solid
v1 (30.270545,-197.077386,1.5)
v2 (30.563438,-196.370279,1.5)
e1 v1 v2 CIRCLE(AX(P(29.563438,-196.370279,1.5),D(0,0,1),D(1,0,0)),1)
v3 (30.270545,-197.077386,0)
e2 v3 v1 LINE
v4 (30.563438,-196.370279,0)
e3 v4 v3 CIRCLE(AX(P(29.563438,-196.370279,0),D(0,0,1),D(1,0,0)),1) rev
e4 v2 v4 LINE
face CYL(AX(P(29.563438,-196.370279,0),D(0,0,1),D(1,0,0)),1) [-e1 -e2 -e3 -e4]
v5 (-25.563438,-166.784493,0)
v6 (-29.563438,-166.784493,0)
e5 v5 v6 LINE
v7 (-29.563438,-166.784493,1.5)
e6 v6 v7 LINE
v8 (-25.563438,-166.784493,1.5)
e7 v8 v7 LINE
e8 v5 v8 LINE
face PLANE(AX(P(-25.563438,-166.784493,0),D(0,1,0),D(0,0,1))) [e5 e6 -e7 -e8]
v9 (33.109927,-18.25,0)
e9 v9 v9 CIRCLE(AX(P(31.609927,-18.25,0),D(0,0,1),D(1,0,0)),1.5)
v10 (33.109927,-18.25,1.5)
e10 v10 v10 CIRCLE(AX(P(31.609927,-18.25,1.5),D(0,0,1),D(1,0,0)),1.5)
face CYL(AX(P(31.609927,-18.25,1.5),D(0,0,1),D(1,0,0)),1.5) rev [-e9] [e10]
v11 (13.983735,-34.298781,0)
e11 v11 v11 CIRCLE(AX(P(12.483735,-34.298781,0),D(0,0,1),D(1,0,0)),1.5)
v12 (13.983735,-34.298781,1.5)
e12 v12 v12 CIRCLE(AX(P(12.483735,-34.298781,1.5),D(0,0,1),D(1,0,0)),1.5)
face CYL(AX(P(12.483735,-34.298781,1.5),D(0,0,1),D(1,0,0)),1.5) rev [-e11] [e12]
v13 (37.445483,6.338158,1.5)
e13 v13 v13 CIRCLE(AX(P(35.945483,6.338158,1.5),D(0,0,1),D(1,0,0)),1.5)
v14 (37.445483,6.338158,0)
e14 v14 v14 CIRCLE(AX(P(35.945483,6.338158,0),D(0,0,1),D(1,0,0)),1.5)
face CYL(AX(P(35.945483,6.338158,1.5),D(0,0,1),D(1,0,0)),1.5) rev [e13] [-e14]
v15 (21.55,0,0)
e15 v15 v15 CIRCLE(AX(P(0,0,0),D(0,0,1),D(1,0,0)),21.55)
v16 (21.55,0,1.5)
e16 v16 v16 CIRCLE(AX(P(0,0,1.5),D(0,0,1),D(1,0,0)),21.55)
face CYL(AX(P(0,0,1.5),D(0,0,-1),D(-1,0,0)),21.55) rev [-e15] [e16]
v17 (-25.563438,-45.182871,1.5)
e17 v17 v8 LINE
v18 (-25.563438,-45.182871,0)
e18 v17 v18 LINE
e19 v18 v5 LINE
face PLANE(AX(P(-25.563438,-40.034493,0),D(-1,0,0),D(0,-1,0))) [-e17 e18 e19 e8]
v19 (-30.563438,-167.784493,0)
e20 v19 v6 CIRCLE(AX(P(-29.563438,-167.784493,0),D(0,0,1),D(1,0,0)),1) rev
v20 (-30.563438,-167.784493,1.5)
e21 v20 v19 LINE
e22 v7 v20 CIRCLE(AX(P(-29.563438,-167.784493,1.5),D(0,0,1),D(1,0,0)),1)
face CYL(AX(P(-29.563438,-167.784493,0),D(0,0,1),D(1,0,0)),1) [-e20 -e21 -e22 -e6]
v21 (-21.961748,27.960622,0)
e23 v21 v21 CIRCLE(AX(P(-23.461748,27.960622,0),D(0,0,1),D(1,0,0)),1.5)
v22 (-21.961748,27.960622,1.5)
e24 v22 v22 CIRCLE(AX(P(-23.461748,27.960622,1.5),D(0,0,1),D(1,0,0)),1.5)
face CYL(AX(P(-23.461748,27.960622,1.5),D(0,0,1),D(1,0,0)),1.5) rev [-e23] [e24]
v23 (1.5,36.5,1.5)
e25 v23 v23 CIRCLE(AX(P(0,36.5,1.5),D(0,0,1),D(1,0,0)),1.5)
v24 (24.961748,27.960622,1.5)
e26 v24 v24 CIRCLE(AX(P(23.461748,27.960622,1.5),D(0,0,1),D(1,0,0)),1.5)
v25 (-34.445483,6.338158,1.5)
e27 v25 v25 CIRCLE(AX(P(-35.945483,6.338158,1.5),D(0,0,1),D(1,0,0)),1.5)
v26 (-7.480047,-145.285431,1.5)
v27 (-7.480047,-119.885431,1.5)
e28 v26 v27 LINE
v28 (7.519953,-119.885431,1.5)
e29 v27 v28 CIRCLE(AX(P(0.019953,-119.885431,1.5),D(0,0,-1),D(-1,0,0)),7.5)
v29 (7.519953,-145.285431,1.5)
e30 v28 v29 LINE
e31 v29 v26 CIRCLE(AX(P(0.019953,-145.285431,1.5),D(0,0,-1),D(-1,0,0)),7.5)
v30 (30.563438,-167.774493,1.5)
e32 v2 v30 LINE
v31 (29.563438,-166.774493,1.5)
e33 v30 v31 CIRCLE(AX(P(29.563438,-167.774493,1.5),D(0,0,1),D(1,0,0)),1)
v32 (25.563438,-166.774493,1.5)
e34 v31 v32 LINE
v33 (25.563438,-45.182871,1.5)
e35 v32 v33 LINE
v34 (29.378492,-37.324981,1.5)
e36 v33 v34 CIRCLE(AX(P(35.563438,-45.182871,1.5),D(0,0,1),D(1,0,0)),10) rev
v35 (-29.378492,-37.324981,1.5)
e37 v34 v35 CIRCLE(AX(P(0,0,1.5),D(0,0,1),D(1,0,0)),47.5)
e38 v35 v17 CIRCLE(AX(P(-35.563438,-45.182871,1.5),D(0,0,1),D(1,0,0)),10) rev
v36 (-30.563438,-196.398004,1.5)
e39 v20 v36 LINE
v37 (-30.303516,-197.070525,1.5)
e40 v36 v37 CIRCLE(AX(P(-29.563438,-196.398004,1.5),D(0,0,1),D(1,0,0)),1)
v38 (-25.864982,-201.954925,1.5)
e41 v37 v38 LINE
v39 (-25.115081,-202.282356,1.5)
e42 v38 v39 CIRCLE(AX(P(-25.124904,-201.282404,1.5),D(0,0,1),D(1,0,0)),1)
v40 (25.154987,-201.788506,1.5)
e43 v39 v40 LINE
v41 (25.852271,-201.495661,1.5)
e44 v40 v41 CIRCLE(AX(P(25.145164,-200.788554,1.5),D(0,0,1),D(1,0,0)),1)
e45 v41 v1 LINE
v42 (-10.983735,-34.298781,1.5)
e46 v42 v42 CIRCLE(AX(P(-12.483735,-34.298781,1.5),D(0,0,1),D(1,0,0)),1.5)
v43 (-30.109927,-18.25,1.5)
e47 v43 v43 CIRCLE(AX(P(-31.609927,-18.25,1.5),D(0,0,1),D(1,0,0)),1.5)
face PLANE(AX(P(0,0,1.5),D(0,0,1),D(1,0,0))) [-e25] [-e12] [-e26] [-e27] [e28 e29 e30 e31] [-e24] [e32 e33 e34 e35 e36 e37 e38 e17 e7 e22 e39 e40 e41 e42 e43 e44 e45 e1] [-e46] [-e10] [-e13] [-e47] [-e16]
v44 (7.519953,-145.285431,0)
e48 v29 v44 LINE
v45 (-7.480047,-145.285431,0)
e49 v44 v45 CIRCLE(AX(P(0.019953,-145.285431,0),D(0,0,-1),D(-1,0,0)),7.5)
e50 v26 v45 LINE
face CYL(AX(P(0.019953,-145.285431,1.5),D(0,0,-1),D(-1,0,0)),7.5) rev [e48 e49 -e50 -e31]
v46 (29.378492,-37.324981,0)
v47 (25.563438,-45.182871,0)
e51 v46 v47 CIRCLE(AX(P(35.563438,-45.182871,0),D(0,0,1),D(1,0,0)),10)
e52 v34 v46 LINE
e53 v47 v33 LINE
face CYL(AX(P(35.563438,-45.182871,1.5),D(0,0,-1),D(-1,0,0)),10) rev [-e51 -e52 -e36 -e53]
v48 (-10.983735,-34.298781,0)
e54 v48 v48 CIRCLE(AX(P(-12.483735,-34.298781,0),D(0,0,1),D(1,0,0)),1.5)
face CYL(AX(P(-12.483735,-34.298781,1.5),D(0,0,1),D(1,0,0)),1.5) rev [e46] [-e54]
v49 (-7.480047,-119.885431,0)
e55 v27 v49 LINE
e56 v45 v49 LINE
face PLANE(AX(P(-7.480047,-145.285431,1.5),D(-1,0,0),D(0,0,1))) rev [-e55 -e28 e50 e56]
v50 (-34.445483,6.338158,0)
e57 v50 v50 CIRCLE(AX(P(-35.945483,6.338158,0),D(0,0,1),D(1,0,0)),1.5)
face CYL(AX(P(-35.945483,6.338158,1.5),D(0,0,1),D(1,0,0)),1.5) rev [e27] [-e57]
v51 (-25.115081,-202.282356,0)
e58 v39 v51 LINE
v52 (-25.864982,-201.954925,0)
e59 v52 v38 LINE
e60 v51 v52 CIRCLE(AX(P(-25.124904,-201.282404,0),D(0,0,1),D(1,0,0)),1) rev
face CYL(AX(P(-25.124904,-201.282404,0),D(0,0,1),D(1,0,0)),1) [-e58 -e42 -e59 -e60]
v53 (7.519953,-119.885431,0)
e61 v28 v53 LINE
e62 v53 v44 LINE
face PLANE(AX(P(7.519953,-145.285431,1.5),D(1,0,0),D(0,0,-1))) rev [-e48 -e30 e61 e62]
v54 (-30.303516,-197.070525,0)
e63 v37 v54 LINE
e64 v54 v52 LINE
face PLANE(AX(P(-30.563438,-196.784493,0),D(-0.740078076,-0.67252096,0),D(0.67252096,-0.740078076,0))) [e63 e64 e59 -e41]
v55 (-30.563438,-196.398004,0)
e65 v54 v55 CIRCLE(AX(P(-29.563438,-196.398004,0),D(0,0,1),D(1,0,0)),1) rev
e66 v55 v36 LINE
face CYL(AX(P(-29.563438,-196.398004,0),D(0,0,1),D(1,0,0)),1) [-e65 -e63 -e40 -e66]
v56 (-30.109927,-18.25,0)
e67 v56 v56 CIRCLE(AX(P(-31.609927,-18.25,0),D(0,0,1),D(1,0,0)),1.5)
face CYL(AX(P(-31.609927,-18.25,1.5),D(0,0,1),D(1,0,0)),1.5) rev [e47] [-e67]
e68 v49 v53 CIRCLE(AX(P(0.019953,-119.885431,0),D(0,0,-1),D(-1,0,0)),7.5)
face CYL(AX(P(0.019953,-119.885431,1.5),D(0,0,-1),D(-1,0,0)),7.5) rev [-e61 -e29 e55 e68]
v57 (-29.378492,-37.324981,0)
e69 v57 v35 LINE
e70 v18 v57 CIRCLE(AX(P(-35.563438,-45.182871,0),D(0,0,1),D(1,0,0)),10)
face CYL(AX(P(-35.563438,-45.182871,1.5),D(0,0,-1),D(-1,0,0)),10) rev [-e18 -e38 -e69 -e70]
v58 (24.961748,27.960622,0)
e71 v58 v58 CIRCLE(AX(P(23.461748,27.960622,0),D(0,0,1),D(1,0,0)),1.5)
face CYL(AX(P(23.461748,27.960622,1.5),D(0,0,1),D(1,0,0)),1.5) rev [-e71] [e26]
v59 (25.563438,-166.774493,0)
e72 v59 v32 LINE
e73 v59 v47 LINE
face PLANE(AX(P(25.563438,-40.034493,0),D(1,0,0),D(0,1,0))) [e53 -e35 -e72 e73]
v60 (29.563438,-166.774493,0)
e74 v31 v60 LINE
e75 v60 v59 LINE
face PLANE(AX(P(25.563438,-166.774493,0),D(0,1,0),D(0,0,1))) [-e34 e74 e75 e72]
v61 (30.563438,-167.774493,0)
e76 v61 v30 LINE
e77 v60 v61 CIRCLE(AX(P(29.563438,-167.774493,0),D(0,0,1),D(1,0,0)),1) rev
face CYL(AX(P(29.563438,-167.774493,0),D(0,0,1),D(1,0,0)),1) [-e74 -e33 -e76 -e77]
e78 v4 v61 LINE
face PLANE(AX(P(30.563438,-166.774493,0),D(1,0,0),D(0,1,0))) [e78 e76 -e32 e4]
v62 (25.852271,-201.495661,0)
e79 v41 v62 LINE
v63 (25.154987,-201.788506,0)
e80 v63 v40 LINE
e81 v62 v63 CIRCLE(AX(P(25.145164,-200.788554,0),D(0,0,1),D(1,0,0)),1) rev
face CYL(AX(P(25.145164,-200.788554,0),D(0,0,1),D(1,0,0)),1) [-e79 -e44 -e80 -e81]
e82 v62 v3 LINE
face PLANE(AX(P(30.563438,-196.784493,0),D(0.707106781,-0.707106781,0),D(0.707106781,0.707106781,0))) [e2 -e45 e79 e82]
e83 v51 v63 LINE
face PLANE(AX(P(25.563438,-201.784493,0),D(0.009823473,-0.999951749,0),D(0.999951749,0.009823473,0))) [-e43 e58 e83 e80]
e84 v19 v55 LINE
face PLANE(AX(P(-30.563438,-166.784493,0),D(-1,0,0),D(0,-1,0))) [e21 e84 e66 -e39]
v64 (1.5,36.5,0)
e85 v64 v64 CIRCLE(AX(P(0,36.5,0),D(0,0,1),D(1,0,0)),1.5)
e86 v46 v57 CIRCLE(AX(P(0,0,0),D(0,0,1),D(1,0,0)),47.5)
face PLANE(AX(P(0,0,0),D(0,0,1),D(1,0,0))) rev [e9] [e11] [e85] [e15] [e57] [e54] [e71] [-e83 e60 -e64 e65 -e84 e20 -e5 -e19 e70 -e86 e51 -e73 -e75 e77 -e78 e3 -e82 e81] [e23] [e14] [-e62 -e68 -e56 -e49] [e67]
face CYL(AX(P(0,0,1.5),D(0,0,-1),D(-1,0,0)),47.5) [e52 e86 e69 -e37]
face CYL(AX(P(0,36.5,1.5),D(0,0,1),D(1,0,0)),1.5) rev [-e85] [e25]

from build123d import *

# Parameters (mm, degrees)
SKETCH1_R             = 47.5
SKETCH1_R_2           = 21.55
BOSS_EXTRUDE1_DEPTH   = 1.5
F_3_0MM_DOWEL_HOLE1_D = 3
CIRPATTERN1_COUNT     = 9
BOSS_EXTRUDE2_DEPTH   = 1.5
FILLET7_R             = 10
FILLET8_R             = 10
FILLET9_R             = 1
FILLET10_R            = 1
CUT_EXTRUDE2_DEPTH    = 1.5


with BuildPart() as part:
    # Sketch1 → Boss-Extrude1 (new body)
    with BuildSketch(Plane.XY):
        Circle(SKETCH1_R)
        Circle(SKETCH1_R_2, mode=Mode.SUBTRACT)
    extrude(amount=BOSS_EXTRUDE1_DEPTH)

    # Ø3.0mm Dowel Hole1 (through all)
    with Locations(Plane.XY.offset(1.5)):
        with Locations((0, 36.5)):
            f_3_0mm_dowel_hole1 = Hole(F_3_0MM_DOWEL_HOLE1_D / 2)

    # CirPattern1: Ø3.0mm Dowel Hole1 ×9 about axis
    cirpattern1_axis = Axis((0, 0, 0), (0, 0, 1))
    for i in range(1, CIRPATTERN1_COUNT):
        add(f_3_0mm_dowel_hole1.rotate(cirpattern1_axis, i * 360 / CIRPATTERN1_COUNT), mode=Mode.SUBTRACT)

    # Sketch6 → Boss-Extrude2 (add)
    with BuildSketch(Plane.XY.offset(1.5)):
        Polygon((-25.563438214, -40.034492962), (25.563438214, -40.034492962), (25.563438214, -166.774492962), (30.563438214, -166.774492962), (30.563438214, -196.784492962), (25.563438214, -201.784492962), (-25.563438214, -202.2867607), (-30.563438214, -196.784492962), (-30.563438214, -166.784492962), (-25.563438214, -166.784492962), align=None)
    extrude(amount=-BOSS_EXTRUDE2_DEPTH)

    # Fillet7
    fillet7_edges = [part.edges().sort_by_distance(p)[0] for p in [
        (-25.563438214, -40.034492962, 0.75),
    ]]
    fillet(fillet7_edges, radius=FILLET7_R)

    # Fillet8
    fillet8_edges = [part.edges().sort_by_distance(p)[0] for p in [
        (25.563438214, -40.034492962, 0.75),
    ]]
    fillet(fillet8_edges, radius=FILLET8_R)

    # Fillet9
    fillet9_edges = [part.edges().sort_by_distance(p)[0] for p in [
        (30.563438214, -166.774492962, 0.75),
        (-30.563438214, -166.784492962, 0.75),
    ]]
    fillet(fillet9_edges, radius=FILLET9_R)

    # Fillet10
    fillet10_edges = [part.edges().sort_by_distance(p)[0] for p in [
        (30.563438214, -196.784492962, 0.75),
        (25.563438214, -201.784492962, 0.75),
        (-25.563438214, -202.2867607, 0.75),
        (-30.563438214, -196.784492962, 0.75),
    ]]
    fillet(fillet10_edges, radius=FILLET10_R)

    # Sketch8 → Cut-Extrude2 (cut)
    with BuildSketch(Plane(origin=(0, 0, 0), x_dir=(-1, 0, 0), z_dir=(0, 0, -1))):
        with BuildLine():
            Line((-7.519953185, -145.285430812), (-7.519953185, -119.885430812))
            ThreePointArc((-7.519953185, -119.885430812), (-0.019953185, -112.385430812), (7.480046815, -119.885430812))
            Line((7.480046815, -119.885430812), (7.480046815, -145.285430812))
            ThreePointArc((7.480046815, -145.285430812), (-0.019953185, -152.785430812), (-7.519953185, -145.285430812))
        make_face()
    extrude(amount=-CUT_EXTRUDE2_DEPTH, mode=Mode.SUBTRACT)


solid = part.part
